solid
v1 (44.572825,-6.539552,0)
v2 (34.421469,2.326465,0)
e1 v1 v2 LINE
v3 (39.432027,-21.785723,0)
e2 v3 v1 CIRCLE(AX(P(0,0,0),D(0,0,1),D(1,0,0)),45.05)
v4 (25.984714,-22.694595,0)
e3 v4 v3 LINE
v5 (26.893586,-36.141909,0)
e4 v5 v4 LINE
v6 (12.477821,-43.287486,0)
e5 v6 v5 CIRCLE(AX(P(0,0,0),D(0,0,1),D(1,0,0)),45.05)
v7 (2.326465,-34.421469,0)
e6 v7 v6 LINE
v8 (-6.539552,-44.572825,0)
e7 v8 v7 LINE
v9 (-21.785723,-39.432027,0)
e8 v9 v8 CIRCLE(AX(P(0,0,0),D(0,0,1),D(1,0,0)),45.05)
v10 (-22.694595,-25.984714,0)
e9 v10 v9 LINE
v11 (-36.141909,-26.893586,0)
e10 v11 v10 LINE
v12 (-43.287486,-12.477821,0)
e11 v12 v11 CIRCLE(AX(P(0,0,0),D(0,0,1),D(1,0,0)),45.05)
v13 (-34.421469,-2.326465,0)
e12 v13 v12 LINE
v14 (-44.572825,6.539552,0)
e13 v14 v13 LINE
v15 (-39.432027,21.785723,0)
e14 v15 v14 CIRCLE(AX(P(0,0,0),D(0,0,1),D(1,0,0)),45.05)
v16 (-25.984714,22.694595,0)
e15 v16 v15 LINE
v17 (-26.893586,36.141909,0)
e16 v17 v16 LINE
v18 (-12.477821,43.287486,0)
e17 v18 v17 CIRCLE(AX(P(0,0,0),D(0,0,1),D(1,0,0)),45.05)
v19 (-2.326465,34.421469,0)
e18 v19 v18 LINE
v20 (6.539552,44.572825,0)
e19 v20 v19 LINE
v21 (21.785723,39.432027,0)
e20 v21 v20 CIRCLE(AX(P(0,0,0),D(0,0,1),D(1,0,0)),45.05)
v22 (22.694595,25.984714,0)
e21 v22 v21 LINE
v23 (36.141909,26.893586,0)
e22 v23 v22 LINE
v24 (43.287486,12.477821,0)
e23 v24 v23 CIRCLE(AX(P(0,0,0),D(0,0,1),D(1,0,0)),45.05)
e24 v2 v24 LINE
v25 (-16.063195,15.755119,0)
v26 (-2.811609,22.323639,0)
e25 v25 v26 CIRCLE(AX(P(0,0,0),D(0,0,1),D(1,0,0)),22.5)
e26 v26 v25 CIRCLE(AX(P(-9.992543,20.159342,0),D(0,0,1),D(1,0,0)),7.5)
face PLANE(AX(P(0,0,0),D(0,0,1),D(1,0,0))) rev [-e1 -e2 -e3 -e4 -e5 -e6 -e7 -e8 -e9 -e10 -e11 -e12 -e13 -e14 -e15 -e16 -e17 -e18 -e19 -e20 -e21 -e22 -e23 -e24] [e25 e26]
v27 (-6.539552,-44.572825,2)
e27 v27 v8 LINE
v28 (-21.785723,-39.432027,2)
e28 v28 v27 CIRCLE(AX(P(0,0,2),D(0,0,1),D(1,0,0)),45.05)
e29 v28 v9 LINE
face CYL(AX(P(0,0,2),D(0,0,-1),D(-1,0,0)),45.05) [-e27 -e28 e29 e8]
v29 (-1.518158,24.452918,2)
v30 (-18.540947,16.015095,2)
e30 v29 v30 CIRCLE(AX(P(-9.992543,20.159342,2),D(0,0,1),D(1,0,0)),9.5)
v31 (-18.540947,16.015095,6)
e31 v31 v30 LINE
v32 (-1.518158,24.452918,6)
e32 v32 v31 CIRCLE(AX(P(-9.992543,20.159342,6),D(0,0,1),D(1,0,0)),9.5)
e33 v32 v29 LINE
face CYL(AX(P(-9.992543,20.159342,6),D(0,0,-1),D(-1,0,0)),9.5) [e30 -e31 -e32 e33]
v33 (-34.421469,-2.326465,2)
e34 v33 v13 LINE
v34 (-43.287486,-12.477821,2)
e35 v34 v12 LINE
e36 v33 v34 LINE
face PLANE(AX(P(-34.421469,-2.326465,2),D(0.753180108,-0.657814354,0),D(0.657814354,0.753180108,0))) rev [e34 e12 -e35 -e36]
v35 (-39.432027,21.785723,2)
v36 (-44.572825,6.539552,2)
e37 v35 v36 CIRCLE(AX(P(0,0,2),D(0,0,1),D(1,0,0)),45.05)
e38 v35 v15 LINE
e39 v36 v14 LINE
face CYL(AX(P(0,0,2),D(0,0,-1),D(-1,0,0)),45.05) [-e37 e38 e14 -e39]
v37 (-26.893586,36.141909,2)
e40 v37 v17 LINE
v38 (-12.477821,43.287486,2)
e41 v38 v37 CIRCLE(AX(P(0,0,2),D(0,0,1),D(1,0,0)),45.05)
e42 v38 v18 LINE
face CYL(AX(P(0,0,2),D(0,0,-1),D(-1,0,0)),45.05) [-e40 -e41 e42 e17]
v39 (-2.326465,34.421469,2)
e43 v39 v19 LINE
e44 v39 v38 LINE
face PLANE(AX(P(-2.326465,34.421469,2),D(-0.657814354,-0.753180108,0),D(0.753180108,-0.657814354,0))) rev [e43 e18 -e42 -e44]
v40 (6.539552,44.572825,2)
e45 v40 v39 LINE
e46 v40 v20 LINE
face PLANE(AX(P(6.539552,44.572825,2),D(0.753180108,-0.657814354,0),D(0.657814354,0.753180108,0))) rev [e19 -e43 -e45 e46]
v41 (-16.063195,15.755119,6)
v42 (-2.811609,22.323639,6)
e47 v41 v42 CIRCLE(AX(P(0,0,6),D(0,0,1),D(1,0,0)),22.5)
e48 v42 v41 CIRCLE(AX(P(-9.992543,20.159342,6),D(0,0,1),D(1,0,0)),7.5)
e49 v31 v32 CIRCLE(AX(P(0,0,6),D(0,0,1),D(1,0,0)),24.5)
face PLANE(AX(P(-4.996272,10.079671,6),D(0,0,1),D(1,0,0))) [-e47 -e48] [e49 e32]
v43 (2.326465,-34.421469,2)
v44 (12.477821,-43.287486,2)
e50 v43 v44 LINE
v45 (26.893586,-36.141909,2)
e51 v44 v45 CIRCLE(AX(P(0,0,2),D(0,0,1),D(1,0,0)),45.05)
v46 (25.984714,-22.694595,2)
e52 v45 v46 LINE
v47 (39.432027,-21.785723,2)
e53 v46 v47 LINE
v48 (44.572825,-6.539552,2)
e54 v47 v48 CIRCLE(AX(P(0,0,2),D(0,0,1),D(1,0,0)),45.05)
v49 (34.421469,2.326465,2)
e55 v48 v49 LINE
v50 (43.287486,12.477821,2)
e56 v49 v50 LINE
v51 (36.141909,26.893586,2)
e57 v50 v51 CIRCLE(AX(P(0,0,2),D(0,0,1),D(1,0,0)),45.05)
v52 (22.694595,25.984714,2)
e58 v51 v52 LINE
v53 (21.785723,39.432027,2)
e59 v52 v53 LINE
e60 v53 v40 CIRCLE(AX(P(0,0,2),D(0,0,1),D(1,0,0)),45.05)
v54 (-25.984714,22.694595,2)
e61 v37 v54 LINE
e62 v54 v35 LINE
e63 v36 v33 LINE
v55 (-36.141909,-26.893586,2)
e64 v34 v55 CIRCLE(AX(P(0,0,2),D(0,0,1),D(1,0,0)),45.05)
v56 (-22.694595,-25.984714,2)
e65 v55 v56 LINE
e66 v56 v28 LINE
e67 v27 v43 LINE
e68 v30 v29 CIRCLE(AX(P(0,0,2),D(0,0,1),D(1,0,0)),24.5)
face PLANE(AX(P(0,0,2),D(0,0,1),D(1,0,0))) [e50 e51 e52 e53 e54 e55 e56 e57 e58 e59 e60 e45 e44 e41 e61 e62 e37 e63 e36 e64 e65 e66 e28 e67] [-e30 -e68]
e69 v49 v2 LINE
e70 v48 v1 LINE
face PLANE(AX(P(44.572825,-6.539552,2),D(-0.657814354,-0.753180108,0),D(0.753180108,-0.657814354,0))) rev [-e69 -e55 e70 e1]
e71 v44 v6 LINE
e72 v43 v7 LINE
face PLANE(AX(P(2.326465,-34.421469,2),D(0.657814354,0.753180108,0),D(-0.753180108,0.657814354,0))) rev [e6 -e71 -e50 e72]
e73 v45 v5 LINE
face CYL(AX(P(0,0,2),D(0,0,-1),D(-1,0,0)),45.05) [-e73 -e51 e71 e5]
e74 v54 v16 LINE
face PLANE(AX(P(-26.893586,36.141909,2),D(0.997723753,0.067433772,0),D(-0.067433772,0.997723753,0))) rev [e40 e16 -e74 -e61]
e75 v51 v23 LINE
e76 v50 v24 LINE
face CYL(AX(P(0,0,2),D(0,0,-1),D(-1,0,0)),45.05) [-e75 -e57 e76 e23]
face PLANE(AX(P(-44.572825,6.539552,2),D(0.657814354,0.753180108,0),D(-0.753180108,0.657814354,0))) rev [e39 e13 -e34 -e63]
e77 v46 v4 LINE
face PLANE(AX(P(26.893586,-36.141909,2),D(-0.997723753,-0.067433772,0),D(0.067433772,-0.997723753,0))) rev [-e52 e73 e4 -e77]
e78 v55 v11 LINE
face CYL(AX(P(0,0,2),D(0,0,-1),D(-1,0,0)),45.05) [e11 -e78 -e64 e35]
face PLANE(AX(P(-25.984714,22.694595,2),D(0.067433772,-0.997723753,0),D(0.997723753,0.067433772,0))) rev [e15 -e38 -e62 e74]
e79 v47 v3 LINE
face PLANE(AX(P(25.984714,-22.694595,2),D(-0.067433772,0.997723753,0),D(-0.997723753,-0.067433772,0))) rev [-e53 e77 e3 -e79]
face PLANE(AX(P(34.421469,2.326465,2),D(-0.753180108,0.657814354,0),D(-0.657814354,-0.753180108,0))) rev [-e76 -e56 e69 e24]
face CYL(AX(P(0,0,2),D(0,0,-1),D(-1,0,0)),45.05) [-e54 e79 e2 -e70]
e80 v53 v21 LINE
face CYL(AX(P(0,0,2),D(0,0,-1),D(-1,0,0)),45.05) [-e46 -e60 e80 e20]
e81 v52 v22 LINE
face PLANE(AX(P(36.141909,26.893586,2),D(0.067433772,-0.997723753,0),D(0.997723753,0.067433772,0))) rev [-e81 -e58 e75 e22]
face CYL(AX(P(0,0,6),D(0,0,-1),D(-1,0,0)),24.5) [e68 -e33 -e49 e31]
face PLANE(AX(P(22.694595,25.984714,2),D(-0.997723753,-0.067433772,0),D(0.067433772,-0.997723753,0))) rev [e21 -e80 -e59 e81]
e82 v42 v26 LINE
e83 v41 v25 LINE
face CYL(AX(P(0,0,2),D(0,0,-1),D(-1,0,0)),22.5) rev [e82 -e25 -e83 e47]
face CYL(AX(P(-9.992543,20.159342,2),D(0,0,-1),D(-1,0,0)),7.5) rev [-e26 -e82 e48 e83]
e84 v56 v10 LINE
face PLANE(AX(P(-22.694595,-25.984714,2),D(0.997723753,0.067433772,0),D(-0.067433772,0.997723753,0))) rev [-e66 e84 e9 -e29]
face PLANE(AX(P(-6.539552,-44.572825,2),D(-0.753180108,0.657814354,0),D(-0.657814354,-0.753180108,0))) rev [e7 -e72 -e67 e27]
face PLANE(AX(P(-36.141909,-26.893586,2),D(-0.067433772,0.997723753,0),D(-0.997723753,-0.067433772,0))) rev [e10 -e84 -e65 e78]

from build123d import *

# Parameters (mm, degrees)
BOSS_EXTRUDE1_DEPTH = 2
BOSS_EXTRUDE2_DEPTH = 4


with BuildPart() as part:
    # Sketch1 → Boss-Extrude1 (new body)
    with BuildSketch(Plane.XY):
        with BuildLine():
            Line((-6.539551855, -44.572825371), (2.326465122, -34.421469464))
            Line((2.326465122, -34.421469464), (12.47782103, -43.287486441))
            ThreePointArc((12.47782103, -43.287486441), (20.007292075, -40.363483049), (26.893585614, -36.141908539))
            Line((26.893585614, -36.141908539), (25.98471374, -22.694595212))
            Line((25.98471374, -22.694595212), (39.432027067, -21.785723338))
            ThreePointArc((39.432027067, -21.785723338), (42.688584475, -14.394000677), (44.572825371, -6.539551855))
            Line((44.572825371, -6.539551855), (34.421469464, 2.326465122))
            Line((34.421469464, 2.326465122), (43.287486441, 12.47782103))
            ThreePointArc((43.287486441, 12.47782103), (40.363483049, 20.007292075), (36.141908539, 26.893585614))
            Line((36.141908539, 26.893585614), (22.694595212, 25.98471374))
            Line((22.694595212, 25.98471374), (21.785723338, 39.432027067))
            ThreePointArc((21.785723338, 39.432027067), (14.394000677, 42.688584475), (6.539551855, 44.572825371))
            Line((6.539551855, 44.572825371), (-2.326465122, 34.421469464))
            Line((-2.326465122, 34.421469464), (-12.47782103, 43.287486441))
            ThreePointArc((-12.47782103, 43.287486441), (-20.007292075, 40.363483049), (-26.893585614, 36.141908539))
            Line((-26.893585614, 36.141908539), (-25.98471374, 22.694595212))
            Line((-25.98471374, 22.694595212), (-39.432027067, 21.785723338))
            ThreePointArc((-39.432027067, 21.785723338), (-42.688584475, 14.394000677), (-44.572825371, 6.539551855))
            Line((-44.572825371, 6.539551855), (-34.421469464, -2.326465122))
            Line((-34.421469464, -2.326465122), (-43.287486441, -12.47782103))
            ThreePointArc((-43.287486441, -12.47782103), (-40.363483049, -20.007292075), (-36.141908539, -26.893585614))
            Line((-36.141908539, -26.893585614), (-22.694595212, -25.98471374))
            Line((-22.694595212, -25.98471374), (-21.785723338, -39.432027067))
            ThreePointArc((-21.785723338, -39.432027067), (-14.394000677, -42.688584475), (-6.539551855, -44.572825371))
        make_face()
        with BuildLine():
            ThreePointArc((-16.063195097, 15.755118637), (9.992543212, -20.159342255), (-2.811608747, 22.323638956))
            ThreePointArc((-2.811608747, 22.323638956), (-13.323390949, 26.879123007), (-16.063195097, 15.755118637))
        make_face(mode=Mode.SUBTRACT)
    extrude(amount=BOSS_EXTRUDE1_DEPTH)

    # Sketch2 → Boss-Extrude2 (add)
    with BuildSketch(Plane.XY.offset(2)):
        with BuildLine():
            ThreePointArc((-1.518157826, 24.452917961), (-14.211617012, 28.671064541), (-18.540947435, 16.015095011))
            ThreePointArc((-18.540947435, 16.015095011), (10.880769275, -21.951283789), (-1.518157826, 24.452917961))
        make_face()
        with BuildLine():
            ThreePointArc((-16.063195097, 15.755118637), (9.992543212, -20.159342255), (-2.811608747, 22.323638956))
            ThreePointArc((-2.811608747, 22.323638956), (-13.323390949, 26.879123007), (-16.063195097, 15.755118637))
        make_face(mode=Mode.SUBTRACT)
    extrude(amount=BOSS_EXTRUDE2_DEPTH)


solid = part.part
